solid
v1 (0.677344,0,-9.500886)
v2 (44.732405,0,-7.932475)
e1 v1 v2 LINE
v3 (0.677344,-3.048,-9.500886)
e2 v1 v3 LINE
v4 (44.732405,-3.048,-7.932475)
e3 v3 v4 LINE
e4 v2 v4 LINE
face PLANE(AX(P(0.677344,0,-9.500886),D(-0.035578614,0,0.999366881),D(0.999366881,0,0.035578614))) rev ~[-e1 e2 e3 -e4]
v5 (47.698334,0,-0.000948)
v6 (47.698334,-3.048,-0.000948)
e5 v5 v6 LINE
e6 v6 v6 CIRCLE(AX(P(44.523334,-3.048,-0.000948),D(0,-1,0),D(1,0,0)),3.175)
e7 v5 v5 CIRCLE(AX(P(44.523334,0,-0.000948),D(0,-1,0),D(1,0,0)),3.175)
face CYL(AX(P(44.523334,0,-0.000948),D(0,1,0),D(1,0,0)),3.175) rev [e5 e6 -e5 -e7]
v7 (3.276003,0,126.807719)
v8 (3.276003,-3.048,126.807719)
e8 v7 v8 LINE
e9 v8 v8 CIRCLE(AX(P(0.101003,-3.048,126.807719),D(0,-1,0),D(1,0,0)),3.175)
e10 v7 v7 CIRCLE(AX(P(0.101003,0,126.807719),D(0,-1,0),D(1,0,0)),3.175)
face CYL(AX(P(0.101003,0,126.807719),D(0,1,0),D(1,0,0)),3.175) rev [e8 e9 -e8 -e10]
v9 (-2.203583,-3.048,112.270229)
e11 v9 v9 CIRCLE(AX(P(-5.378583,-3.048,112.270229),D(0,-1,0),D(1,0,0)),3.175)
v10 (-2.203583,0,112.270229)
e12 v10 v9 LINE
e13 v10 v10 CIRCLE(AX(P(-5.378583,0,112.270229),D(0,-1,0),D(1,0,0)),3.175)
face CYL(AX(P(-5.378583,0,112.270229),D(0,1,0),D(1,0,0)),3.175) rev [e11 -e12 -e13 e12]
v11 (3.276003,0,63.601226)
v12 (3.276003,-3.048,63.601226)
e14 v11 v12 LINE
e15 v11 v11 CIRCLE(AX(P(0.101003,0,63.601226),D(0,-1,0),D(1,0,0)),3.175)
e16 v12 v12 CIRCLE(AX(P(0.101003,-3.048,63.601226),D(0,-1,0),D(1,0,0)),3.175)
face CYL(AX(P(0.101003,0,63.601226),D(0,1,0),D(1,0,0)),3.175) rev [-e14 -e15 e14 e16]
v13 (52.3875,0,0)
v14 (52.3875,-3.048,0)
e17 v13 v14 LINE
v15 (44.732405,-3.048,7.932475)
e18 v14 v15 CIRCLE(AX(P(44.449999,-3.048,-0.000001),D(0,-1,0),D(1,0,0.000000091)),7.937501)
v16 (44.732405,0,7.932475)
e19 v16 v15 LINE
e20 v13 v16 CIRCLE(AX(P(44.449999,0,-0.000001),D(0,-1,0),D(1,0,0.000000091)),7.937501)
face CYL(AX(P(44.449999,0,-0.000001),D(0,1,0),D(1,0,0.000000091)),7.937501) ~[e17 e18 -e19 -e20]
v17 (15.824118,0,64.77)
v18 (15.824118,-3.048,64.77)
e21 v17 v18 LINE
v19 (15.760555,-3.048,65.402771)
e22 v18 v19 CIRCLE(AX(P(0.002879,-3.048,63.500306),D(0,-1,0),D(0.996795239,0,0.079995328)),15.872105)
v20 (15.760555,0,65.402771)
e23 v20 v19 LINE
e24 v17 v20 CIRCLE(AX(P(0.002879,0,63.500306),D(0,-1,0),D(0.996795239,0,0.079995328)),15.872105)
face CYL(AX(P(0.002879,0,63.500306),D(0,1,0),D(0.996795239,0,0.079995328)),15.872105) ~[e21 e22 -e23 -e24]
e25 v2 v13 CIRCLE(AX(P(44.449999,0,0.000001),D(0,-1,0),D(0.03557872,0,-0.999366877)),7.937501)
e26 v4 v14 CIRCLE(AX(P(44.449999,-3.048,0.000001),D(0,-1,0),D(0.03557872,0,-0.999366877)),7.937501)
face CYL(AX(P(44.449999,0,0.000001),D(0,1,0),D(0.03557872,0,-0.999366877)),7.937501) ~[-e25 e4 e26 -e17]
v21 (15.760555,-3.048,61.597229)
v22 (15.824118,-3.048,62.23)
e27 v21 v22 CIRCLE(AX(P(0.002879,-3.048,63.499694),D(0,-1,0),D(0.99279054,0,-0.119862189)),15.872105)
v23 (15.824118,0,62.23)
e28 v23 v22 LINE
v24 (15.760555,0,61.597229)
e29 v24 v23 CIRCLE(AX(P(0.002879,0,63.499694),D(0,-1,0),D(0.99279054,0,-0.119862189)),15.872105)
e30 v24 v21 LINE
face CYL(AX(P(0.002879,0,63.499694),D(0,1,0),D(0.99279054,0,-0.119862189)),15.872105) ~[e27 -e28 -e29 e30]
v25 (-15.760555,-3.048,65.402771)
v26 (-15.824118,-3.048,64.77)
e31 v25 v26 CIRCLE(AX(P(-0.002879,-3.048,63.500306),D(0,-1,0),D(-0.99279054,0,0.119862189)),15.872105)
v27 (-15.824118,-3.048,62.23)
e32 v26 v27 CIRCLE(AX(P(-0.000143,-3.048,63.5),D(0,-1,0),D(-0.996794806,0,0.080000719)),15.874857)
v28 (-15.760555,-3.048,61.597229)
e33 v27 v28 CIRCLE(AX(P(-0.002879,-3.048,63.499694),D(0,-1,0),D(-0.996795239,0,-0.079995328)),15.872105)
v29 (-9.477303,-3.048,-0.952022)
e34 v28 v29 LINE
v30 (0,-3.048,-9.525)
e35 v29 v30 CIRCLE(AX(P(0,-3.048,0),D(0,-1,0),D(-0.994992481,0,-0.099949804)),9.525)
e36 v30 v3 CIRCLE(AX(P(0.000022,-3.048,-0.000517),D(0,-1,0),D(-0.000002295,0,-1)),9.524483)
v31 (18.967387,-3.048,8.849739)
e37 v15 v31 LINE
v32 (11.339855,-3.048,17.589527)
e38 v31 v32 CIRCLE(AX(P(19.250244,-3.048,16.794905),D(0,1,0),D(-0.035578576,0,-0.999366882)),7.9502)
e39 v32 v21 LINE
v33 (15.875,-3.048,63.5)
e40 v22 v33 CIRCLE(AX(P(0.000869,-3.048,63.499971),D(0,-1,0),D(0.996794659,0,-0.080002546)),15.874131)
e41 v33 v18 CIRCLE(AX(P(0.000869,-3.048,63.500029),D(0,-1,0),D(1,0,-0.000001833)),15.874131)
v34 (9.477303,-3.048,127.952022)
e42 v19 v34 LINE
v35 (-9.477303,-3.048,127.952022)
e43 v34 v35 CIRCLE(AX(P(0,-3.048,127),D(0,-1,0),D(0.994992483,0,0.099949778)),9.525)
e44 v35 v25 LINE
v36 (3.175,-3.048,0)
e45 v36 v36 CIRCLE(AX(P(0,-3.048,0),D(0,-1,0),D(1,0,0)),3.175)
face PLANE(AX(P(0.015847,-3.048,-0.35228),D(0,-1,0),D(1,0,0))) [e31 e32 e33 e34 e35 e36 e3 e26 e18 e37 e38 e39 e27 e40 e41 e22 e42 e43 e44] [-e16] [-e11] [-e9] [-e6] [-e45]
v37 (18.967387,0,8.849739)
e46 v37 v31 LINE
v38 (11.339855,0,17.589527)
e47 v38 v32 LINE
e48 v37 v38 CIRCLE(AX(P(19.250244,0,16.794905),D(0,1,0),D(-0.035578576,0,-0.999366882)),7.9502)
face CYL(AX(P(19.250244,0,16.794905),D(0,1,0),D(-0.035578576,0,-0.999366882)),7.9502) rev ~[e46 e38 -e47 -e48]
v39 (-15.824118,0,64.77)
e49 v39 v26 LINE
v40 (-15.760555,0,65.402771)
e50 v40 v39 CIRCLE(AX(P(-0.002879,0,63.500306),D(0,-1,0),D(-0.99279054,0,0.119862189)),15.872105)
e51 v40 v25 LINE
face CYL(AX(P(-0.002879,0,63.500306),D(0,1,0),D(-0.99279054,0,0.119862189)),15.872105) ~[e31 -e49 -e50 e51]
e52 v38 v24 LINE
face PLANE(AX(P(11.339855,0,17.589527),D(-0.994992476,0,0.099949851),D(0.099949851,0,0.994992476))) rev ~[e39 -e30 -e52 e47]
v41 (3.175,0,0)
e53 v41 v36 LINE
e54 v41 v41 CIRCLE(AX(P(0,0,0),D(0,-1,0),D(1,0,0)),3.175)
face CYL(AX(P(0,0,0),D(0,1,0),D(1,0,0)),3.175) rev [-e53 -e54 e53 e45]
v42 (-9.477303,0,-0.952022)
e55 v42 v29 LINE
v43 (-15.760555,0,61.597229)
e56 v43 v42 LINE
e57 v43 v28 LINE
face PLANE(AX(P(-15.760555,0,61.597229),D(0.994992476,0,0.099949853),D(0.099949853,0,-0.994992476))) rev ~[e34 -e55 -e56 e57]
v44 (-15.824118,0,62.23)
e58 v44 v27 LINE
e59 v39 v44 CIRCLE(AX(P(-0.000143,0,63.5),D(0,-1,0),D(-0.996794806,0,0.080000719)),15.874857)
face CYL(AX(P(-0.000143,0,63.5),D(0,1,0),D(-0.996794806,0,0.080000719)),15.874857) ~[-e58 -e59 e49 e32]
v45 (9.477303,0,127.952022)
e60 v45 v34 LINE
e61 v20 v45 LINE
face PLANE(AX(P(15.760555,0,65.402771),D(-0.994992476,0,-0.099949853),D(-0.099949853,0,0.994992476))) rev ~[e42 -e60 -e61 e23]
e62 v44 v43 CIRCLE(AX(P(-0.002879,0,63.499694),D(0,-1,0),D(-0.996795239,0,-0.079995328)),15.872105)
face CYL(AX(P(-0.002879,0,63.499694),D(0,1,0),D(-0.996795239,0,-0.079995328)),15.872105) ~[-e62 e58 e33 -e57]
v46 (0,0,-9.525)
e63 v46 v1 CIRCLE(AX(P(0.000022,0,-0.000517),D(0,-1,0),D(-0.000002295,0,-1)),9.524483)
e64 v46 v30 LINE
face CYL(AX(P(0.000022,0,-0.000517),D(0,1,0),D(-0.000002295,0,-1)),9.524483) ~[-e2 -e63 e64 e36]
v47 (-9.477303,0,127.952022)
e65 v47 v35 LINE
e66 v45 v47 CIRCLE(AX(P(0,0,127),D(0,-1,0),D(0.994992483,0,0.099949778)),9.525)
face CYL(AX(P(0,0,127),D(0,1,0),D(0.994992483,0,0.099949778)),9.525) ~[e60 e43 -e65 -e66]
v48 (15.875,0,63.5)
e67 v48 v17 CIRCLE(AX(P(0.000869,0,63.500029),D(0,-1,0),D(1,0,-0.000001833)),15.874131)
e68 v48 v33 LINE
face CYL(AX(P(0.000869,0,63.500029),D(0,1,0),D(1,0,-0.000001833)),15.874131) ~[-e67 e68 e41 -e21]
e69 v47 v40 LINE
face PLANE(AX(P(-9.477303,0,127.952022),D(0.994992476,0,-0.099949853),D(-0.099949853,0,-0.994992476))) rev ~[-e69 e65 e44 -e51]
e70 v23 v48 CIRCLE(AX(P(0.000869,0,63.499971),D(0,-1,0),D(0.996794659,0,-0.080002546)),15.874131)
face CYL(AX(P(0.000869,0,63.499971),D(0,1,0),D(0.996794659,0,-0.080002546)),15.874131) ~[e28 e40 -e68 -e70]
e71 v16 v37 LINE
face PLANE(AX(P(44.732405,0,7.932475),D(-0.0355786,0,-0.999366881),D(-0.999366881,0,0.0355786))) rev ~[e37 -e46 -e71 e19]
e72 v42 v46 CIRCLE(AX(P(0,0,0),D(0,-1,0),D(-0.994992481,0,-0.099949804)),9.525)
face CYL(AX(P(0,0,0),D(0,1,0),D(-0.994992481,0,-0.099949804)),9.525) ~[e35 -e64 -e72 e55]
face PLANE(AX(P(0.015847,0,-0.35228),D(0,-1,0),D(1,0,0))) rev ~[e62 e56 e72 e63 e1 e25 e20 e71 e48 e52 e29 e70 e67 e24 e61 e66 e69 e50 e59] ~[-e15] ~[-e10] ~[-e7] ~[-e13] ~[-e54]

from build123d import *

# Parameters (mm, degrees)
F0_R     = 3.175
F1_DEPTH = 3.048


with BuildPart() as f1:
    # F0 (on Front) → F1 (new body)
    with BuildSketch(Plane.XZ):
        with BuildLine():
            ThreePointArc((0.677344, -9.500886), (6.970557, -6.491299), (9.525, 0))
            ThreePointArc((9.525, 0), (-0.476608, 9.513068), (-9.477303, -0.952022))
            ThreePointArc((-9.477303, -0.952022), (-6.389742, -7.063768), (0, -9.525))
            Line((0, -9.525), (0.677344, -9.500886))
        make_face()
        Circle(F0_R, mode=Mode.SUBTRACT)
        with BuildLine():
            ThreePointArc((-9.477303, -0.952022), (-0.476608, 9.513068), (9.525, 0))
            ThreePointArc((9.525, 0), (6.970557, -6.491299), (0.677344, -9.500886))
            Line((0.677344, -9.500886), (44.732405, -7.932475))
            ThreePointArc((44.732405, -7.932475), (36.5125, 0), (44.732405, 7.932475))
            Line((44.732405, 7.932475), (18.967387, 8.849739))
            ThreePointArc((18.967387, 8.849739), (13.260395, 11.567345), (11.339855, 17.589527))
            Line((11.339855, 17.589527), (15.760555, 61.597229))
            ThreePointArc((15.760555, 61.597229), (0, 47.625), (-15.760555, 61.597229))
            Line((-15.760555, 61.597229), (-9.477303, -0.952022))
        make_face()
        with BuildLine():
            ThreePointArc((0, -9.525), (0.338886, -9.51897), (0.677344, -9.500886))
            Line((0.677344, -9.500886), (0, -9.525))
        make_face()
        with BuildLine():
            Line((-15.824118, 62.23), (-15.760555, 61.597229))
            ThreePointArc((-15.760555, 61.597229), (0, 47.625), (15.760555, 61.597229))
            Line((15.760555, 61.597229), (15.824118, 62.23))
            ThreePointArc((15.824118, 62.23), (15.862275, 62.864491), (15.875, 63.5))
            ThreePointArc((15.875, 63.5), (15.862275, 64.135509), (15.824118, 64.77))
            Line((15.824118, 64.77), (15.760555, 65.402771))
            ThreePointArc((15.760555, 65.402771), (0, 79.375), (-15.760555, 65.402771))
            Line((-15.760555, 65.402771), (-15.824118, 64.77))
            ThreePointArc((-15.824118, 64.77), (-15.875, 63.5), (-15.824118, 62.23))
        make_face()
        with Locations((0.101003, 63.601226)):
            Circle(F0_R, mode=Mode.SUBTRACT)
        with BuildLine():
            ThreePointArc((-15.824118, 62.23), (-15.795506, 61.913296), (-15.760555, 61.597229))
            Line((-15.760555, 61.597229), (-15.824118, 62.23))
        make_face()
        with BuildLine():
            ThreePointArc((44.732405, 7.932475), (36.5125, 0), (44.732405, -7.932475))
            ThreePointArc((44.732405, -7.932475), (50.161633, -5.51191), (52.3875, 0))
            ThreePointArc((52.3875, 0), (50.161633, 5.51191), (44.732405, 7.932475))
        make_face()
        with Locations((44.523334, -0.000948)):
            Circle(F0_R, mode=Mode.SUBTRACT)
        with BuildLine():
            Line((15.824118, 62.23), (15.760555, 61.597229))
            ThreePointArc((15.760555, 61.597229), (15.795506, 61.913296), (15.824118, 62.23))
        make_face()
        with BuildLine():
            ThreePointArc((-15.760555, 65.402771), (-15.795506, 65.086704), (-15.824118, 64.77))
            Line((-15.824118, 64.77), (-15.760555, 65.402771))
        make_face()
        with BuildLine():
            Line((-9.477303, 127.952022), (-15.760555, 65.402771))
            ThreePointArc((-15.760555, 65.402771), (0, 79.375), (15.760555, 65.402771))
            Line((15.760555, 65.402771), (9.477303, 127.952022))
            ThreePointArc((9.477303, 127.952022), (9.513068, 127.476608), (9.525, 127))
            ThreePointArc((9.525, 127), (-0.476608, 117.486932), (-9.477303, 127.952022))
        make_face()
        with Locations((-5.378583, 112.270229)):
            Circle(F0_R, mode=Mode.SUBTRACT)
        with BuildLine():
            ThreePointArc((15.824118, 64.77), (15.795506, 65.086704), (15.760555, 65.402771))
            Line((15.760555, 65.402771), (15.824118, 64.77))
        make_face()
        with BuildLine():
            ThreePointArc((9.477303, 127.952022), (0, 136.525), (-9.477303, 127.952022))
            ThreePointArc((-9.477303, 127.952022), (-0.476608, 117.486932), (9.525, 127))
            ThreePointArc((9.525, 127), (9.513068, 127.476608), (9.477303, 127.952022))
        make_face()
        with Locations((0.101003, 126.807719)):
            Circle(F0_R, mode=Mode.SUBTRACT)
    extrude(amount=F1_DEPTH)


solid = f1.part
